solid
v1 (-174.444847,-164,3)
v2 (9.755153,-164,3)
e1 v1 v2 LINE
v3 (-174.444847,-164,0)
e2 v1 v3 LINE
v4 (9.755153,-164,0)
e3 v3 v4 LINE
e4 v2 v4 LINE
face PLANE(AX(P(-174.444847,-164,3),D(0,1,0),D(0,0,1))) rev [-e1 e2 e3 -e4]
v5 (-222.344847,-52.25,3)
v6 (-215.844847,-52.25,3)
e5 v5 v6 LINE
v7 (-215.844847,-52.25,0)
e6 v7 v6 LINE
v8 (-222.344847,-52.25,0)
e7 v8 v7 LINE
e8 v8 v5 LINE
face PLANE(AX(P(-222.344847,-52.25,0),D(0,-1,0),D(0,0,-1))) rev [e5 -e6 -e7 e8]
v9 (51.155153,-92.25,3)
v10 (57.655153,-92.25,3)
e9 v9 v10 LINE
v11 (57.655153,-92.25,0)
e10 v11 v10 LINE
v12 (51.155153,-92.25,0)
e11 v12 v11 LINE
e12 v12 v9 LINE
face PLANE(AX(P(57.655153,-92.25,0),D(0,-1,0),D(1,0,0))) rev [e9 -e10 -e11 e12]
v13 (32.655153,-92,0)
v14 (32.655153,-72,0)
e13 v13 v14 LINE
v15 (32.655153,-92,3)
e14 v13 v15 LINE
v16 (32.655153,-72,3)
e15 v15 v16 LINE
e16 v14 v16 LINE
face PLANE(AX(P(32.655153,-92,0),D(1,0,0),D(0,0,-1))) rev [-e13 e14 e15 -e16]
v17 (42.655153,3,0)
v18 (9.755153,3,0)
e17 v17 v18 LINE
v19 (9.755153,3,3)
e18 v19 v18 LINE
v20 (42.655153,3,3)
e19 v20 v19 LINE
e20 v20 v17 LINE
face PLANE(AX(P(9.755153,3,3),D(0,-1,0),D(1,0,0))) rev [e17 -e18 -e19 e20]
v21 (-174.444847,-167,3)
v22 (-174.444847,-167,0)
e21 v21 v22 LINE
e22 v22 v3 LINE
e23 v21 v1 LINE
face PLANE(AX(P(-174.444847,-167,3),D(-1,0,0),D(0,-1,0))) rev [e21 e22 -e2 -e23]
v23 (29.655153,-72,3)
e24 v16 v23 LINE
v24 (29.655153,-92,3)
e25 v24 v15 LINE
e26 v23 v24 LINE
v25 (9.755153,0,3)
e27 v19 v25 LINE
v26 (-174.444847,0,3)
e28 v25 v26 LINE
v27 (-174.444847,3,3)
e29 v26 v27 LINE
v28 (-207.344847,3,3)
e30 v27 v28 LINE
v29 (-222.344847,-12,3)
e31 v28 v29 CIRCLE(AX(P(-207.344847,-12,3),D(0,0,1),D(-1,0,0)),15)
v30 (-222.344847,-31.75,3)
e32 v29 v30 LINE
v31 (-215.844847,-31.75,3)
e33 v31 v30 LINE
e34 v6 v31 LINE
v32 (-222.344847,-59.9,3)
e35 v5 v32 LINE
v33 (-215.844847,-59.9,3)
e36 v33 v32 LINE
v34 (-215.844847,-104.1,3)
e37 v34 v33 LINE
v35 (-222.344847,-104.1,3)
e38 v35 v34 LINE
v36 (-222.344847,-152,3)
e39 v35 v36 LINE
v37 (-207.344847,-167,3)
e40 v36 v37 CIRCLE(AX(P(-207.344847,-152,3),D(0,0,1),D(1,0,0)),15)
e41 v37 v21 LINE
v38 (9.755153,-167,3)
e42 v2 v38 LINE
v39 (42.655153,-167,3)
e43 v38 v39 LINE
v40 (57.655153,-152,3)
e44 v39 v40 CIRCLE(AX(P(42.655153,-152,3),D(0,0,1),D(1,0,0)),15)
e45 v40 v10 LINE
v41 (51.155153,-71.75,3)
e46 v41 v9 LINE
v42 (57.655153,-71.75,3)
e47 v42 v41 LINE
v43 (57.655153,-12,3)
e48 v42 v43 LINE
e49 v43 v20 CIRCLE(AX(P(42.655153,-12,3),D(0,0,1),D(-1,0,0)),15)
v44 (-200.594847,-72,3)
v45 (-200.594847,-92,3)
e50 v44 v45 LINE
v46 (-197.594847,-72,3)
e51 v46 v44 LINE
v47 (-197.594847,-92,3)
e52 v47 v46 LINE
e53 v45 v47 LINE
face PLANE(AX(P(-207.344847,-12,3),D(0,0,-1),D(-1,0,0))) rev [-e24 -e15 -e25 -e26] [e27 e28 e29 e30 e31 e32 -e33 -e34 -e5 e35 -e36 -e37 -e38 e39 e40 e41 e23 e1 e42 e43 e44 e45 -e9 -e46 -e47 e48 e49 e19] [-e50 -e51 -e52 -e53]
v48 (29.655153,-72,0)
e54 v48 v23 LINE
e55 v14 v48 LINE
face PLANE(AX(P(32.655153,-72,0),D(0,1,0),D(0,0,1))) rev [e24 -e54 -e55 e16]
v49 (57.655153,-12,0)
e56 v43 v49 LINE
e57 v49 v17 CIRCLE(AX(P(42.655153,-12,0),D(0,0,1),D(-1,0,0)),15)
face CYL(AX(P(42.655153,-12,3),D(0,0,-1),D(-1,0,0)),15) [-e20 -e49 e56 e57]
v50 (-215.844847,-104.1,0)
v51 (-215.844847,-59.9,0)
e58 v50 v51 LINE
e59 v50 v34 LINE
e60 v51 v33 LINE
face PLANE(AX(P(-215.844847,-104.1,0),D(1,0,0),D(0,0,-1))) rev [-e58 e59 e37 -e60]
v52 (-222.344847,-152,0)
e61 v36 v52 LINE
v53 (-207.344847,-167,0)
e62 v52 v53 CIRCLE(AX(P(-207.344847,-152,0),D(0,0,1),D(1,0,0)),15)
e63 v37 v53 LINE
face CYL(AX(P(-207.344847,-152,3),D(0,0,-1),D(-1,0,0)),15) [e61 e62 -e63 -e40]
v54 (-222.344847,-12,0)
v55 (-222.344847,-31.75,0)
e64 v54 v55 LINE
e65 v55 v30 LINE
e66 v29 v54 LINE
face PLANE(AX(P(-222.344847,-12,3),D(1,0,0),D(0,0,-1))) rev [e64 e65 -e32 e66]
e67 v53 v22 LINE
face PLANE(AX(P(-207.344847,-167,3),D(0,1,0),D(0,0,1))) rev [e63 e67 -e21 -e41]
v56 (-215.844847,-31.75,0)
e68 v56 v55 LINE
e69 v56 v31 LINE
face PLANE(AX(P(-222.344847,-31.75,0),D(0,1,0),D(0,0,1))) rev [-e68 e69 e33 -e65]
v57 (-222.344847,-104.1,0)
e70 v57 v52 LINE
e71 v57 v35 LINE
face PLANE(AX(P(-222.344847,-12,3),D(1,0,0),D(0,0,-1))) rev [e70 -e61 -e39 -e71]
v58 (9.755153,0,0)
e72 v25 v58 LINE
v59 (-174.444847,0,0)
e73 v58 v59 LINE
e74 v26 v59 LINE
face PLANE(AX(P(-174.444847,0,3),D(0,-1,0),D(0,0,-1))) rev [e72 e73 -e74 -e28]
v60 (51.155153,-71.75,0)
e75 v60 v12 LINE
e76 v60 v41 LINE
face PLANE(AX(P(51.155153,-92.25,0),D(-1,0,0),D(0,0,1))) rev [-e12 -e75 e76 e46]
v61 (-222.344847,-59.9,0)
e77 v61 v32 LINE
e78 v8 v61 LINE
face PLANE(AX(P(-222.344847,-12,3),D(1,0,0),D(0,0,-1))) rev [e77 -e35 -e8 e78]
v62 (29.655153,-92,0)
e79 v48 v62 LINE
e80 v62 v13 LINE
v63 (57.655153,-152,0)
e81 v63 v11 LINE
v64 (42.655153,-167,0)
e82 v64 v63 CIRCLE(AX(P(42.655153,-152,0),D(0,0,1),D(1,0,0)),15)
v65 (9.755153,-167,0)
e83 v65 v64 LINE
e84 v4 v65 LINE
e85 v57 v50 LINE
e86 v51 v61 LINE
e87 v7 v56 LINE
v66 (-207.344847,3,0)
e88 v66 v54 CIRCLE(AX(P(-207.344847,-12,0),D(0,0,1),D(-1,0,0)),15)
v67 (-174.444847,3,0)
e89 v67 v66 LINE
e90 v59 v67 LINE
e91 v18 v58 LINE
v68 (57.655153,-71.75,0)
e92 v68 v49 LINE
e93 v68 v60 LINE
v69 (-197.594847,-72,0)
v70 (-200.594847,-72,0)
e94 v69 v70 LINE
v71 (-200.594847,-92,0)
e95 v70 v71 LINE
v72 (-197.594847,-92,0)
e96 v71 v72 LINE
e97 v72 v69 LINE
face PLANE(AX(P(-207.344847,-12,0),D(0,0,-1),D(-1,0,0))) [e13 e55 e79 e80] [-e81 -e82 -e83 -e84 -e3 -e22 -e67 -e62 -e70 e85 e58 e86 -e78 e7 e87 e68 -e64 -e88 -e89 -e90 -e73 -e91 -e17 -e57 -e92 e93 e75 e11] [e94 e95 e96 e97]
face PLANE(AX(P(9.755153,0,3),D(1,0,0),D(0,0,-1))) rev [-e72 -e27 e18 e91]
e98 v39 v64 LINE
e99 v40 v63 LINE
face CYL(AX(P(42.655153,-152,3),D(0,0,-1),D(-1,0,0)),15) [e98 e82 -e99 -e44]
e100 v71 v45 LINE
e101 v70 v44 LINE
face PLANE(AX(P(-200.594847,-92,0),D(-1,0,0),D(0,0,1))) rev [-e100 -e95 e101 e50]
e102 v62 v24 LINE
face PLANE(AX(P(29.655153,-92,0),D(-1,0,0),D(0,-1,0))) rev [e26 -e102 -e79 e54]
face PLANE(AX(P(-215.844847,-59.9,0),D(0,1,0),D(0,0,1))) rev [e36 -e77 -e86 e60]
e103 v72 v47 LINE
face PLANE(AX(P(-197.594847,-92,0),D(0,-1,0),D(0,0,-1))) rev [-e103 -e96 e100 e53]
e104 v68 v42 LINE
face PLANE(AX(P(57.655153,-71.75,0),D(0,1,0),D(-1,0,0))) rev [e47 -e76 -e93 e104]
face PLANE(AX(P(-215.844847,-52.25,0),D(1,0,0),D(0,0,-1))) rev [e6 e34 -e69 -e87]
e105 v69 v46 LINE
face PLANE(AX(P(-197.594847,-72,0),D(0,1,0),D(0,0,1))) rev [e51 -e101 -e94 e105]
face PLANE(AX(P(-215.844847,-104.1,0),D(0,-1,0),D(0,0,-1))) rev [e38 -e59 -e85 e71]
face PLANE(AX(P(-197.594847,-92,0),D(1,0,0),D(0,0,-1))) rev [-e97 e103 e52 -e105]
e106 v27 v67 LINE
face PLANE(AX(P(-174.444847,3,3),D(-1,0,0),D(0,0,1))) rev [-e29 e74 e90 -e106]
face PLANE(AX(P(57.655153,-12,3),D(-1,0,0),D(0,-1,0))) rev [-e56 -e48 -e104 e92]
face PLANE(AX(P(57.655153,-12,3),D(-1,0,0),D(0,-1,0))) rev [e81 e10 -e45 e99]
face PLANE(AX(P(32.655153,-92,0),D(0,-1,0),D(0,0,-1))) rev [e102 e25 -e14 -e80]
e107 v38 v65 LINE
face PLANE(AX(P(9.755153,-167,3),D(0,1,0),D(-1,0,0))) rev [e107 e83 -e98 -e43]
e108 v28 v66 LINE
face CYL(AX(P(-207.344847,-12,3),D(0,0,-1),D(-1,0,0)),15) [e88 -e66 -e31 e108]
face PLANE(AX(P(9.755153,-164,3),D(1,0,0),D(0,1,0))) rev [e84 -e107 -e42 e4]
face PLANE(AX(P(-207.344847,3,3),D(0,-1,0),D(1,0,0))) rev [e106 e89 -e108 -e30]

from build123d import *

# Parameters (mm, degrees)
SALIENTE_EXTRUIR2_DEPTH = 3
CROQUIS2_W              = 6.5
CROQUIS2_H              = 20.5
CROQUIS2_H_2            = 44.2
CROQUIS2_W_2            = 3
CROQUIS2_H_3            = 20
CORTAR_EXTRUIR1_DEPTH   = 3


with BuildPart() as part:
    # Croquis1 → Saliente-Extruir2 (new body)
    with BuildSketch(Plane.XY):
        with BuildLine():
            Line((-207.344846765, 3), (-174.444846765, 3))
            Line((-174.444846765, 3), (-174.444846765, 0))
            Line((-174.444846765, 0), (9.755153235, 0))
            Line((9.755153235, 0), (9.755153235, 3))
            Line((9.755153235, 3), (42.655153235, 3))
            ThreePointArc((42.655153235, 3), (53.261754953, -1.393398282), (57.655153235, -12))
            Line((57.655153235, -12), (57.655153235, -152))
            ThreePointArc((57.655153235, -152), (53.261754953, -162.606601718), (42.655153235, -167))
            Line((42.655153235, -167), (9.755153235, -167))
            Line((9.755153235, -167), (9.755153235, -164))
            Line((9.755153235, -164), (-174.444846765, -164))
            Line((-174.444846765, -164), (-174.444846765, -167))
            Line((-174.444846765, -167), (-207.344846765, -167))
            ThreePointArc((-207.344846765, -167), (-217.951448483, -162.606601718), (-222.344846765, -152))
            Line((-222.344846765, -152), (-222.344846765, -12))
            ThreePointArc((-222.344846765, -12), (-217.951448483, -1.393398282), (-207.344846765, 3))
        make_face()
    extrude(amount=SALIENTE_EXTRUIR2_DEPTH)

    # Croquis2 → Cortar-Extruir1 (cut)
    with BuildSketch(Plane.XY.offset(3)):
        with Locations((-219.094846765, -42)):
            Rectangle(CROQUIS2_W, CROQUIS2_H)
        with Locations((-219.094846765, -82)):
            Rectangle(CROQUIS2_W, CROQUIS2_H_2)
        with Locations((54.405153235, -82)):
            Rectangle(CROQUIS2_W, CROQUIS2_H)
        with Locations((-199.094846765, -82)):
            Rectangle(CROQUIS2_W_2, CROQUIS2_H_3)
        with Locations((31.155153235, -82)):
            Rectangle(CROQUIS2_W_2, CROQUIS2_H_3)
    extrude(amount=-CORTAR_EXTRUIR1_DEPTH, mode=Mode.SUBTRACT)


solid = part.part
